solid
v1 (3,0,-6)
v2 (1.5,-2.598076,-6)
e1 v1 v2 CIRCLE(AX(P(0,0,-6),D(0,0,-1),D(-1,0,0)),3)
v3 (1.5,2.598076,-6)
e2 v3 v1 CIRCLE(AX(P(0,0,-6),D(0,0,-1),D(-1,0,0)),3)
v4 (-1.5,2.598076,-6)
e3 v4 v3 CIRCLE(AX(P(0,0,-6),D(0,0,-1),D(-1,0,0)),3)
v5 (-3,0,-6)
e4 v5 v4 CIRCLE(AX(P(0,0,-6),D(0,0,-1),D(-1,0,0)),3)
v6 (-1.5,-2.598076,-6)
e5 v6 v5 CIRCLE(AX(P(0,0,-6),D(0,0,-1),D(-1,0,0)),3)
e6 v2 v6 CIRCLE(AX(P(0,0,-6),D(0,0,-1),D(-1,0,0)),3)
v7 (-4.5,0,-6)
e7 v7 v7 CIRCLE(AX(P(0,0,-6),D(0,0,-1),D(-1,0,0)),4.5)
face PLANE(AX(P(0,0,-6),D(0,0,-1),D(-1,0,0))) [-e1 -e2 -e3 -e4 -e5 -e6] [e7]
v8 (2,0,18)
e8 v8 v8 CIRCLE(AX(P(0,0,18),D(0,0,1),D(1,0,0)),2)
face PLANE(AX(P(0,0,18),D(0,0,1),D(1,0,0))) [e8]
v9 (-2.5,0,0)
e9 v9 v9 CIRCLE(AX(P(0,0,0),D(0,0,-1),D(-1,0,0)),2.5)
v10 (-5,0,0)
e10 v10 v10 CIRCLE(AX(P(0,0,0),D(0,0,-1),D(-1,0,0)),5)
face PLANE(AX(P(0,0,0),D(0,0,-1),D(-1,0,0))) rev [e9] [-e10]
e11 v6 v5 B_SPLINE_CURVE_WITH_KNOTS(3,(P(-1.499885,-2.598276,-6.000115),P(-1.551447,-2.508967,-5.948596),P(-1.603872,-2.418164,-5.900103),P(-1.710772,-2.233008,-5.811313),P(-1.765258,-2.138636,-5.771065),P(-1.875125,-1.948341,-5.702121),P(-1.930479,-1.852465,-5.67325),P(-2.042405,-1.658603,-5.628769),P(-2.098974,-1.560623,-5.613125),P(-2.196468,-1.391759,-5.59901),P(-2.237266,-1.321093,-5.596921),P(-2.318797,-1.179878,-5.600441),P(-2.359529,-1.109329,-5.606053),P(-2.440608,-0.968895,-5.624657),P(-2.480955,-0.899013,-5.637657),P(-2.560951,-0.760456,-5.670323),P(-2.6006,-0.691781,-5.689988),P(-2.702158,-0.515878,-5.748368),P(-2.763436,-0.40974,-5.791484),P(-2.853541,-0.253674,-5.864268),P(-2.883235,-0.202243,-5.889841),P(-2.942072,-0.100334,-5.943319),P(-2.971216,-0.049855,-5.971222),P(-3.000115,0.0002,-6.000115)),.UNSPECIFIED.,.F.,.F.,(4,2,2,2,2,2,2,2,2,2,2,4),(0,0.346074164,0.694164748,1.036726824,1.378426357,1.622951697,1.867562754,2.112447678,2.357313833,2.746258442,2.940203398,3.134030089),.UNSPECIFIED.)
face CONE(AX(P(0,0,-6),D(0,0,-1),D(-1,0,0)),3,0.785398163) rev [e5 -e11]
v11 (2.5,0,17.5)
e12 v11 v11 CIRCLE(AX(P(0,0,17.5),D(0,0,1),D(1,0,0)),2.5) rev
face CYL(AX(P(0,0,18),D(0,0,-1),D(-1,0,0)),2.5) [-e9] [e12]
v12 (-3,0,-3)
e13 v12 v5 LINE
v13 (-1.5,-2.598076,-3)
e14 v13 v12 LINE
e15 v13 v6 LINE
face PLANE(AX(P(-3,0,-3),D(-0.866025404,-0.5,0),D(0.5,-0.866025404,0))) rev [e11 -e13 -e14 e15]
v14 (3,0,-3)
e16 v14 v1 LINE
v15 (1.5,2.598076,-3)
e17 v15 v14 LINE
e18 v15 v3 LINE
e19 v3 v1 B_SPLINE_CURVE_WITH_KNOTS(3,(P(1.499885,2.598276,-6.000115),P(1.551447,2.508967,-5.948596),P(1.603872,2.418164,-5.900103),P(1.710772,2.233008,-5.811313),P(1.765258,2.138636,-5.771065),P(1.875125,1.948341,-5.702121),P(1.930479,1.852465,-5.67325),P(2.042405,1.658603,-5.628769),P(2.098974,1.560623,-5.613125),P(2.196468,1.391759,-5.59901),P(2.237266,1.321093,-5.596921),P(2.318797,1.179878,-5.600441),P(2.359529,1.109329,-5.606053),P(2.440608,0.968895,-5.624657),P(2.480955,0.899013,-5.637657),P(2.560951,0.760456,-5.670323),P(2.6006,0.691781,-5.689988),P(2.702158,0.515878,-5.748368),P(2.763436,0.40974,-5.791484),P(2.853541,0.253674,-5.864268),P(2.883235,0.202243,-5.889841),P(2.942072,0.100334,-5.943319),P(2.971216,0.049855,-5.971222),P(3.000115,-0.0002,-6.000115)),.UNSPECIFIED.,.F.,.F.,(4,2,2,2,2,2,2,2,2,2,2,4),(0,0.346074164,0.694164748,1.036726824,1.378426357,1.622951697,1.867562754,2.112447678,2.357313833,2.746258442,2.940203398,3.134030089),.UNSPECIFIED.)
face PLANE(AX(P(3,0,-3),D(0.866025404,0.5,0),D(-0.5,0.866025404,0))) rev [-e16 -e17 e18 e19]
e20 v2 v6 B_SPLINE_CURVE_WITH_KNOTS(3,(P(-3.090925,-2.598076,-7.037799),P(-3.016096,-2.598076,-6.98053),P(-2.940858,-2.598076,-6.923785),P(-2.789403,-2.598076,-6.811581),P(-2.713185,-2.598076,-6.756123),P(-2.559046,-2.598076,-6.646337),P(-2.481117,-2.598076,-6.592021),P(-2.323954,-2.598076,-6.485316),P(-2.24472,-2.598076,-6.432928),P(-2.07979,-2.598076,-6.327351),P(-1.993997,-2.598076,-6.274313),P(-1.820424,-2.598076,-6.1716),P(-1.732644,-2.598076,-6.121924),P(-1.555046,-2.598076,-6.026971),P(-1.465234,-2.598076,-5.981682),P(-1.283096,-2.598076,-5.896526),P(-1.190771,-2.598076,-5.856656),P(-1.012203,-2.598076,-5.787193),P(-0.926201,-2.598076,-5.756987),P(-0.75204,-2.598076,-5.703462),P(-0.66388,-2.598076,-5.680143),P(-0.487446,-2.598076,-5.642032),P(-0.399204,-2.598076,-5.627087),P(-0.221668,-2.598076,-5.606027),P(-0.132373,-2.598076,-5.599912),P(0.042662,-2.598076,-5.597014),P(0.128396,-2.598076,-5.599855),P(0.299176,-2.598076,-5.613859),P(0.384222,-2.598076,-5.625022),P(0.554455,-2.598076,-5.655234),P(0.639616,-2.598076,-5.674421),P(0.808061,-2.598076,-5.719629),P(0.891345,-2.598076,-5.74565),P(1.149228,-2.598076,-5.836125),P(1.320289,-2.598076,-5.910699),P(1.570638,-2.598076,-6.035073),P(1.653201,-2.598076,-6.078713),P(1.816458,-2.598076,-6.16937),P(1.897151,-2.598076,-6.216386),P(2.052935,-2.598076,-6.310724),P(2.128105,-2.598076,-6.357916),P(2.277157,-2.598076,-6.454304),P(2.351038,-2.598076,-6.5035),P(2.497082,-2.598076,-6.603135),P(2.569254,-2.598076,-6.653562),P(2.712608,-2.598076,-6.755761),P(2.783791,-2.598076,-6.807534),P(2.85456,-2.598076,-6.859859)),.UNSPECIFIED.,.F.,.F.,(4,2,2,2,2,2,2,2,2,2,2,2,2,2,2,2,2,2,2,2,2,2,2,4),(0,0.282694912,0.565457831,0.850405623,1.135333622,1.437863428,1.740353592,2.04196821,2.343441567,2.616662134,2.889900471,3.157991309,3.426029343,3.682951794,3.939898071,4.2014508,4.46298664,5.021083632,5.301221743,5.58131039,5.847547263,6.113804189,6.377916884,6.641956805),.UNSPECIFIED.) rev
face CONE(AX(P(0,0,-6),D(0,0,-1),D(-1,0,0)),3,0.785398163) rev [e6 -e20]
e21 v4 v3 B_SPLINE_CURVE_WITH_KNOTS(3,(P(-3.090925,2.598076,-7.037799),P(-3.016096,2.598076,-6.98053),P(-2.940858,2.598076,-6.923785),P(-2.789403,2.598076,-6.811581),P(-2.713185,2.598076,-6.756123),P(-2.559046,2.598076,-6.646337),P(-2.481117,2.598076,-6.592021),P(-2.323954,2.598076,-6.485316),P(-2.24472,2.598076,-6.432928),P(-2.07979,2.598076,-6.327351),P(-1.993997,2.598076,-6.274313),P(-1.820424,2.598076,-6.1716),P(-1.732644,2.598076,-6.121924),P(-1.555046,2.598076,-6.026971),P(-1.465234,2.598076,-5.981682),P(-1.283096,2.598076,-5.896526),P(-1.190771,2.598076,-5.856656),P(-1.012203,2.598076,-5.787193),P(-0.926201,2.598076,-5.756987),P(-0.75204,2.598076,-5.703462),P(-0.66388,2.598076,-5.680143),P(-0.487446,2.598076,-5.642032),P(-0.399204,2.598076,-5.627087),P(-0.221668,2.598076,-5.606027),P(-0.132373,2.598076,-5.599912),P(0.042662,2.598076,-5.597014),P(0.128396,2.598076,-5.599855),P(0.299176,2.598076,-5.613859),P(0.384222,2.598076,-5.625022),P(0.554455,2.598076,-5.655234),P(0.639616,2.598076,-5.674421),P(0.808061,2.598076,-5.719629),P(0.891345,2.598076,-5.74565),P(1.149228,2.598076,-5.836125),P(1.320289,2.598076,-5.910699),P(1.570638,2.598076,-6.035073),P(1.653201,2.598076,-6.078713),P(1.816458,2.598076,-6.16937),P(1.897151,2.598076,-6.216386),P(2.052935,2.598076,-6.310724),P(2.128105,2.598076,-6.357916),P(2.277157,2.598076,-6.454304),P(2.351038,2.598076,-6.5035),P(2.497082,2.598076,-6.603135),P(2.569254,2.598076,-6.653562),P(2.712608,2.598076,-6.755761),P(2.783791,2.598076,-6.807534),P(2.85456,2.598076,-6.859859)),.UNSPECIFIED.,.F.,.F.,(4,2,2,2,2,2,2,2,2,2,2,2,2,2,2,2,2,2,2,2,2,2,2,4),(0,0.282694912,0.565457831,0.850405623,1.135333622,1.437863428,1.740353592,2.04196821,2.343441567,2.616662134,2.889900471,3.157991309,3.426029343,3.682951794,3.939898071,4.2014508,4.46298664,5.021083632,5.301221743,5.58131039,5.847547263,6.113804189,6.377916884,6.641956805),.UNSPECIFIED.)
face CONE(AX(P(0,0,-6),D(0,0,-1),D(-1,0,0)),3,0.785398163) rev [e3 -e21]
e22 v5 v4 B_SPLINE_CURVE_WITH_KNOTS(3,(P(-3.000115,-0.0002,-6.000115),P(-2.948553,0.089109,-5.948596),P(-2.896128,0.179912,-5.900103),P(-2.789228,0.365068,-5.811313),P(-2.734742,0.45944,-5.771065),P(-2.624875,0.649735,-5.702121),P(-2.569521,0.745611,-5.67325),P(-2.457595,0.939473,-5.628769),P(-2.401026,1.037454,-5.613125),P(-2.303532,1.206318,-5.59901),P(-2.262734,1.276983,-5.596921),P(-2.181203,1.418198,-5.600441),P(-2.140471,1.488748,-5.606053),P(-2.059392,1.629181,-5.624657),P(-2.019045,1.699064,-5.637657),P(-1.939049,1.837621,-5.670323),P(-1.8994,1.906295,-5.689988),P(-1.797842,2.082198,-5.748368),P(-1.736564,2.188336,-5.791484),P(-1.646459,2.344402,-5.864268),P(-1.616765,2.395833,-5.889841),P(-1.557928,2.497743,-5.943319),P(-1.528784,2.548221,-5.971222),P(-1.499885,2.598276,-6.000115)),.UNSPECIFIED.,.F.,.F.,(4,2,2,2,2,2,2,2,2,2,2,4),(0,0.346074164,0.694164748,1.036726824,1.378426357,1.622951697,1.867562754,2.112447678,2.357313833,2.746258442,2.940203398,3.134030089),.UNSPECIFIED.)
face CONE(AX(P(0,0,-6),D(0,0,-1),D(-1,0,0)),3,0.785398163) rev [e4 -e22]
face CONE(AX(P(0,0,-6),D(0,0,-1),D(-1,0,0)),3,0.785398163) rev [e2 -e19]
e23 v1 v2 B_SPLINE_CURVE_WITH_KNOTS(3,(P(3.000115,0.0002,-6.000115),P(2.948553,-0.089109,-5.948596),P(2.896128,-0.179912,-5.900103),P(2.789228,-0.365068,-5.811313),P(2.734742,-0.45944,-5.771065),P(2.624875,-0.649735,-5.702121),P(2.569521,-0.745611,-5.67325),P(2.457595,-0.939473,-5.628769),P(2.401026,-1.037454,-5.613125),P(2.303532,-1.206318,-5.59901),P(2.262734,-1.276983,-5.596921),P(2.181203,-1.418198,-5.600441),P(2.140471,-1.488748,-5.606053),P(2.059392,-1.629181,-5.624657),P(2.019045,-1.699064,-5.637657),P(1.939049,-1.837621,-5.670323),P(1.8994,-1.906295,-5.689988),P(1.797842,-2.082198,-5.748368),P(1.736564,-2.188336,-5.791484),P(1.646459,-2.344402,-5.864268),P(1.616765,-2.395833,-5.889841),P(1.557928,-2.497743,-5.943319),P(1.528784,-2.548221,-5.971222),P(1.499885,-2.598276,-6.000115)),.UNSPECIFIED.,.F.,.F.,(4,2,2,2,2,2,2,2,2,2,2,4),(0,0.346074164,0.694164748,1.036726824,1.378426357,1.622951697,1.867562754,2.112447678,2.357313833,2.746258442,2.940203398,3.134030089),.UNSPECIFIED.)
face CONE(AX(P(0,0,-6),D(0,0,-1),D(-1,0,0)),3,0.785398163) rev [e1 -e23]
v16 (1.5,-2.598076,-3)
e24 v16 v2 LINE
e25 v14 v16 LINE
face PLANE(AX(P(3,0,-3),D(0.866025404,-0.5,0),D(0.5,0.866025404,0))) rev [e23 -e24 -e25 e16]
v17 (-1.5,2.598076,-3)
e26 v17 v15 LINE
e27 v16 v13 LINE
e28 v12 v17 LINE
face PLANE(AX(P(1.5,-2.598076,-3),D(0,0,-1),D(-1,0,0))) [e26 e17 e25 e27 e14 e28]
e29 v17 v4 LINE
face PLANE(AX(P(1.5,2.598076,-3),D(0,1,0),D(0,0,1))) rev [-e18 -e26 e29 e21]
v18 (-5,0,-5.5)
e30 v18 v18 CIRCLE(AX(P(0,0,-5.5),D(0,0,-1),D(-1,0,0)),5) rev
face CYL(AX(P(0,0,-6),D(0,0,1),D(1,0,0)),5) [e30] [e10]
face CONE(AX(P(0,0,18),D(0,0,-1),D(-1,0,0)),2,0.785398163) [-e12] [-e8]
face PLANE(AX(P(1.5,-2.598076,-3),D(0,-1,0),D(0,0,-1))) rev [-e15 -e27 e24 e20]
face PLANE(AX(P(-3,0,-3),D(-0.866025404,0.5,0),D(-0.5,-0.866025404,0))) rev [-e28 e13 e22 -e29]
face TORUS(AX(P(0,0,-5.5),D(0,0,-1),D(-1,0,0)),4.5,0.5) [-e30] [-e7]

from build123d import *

# Parameters (mm, degrees)
ESQUISSE1_R             = 2.5
BASE_EXTRUSION_DEPTH    = 18
CHANFREIN1_SIZE         = 0.5
ESQUISSE2_R             = 5
BOSS_EXTRU_1_DEPTH      = 6
ENL_V_MAT_EXTRU_1_DEPTH = 3
ESQUISSE4_R             = 3
ENL_V_MAT_EXTRU_2_DEPTH = 0.5
ENL_V_MAT_EXTRU_2_DRAFT = -45
CONG_1_R                = 0.5


with BuildPart() as part:
    # Esquisse1 → Base-Extrusion (new body)
    with BuildSketch(Plane.XY):
        with Locations(Location((0, 0, 0), (0, 0, 180))):  # turned: the seam where the file's is
            Circle(ESQUISSE1_R)
    extrude(amount=BASE_EXTRUSION_DEPTH)

    # Chanfrein1
    chanfrein1_edges = [part.edges().sort_by_distance(p)[0] for p in [
        (2.5, 0, 18),
    ]]
    chamfer(chanfrein1_edges, length=CHANFREIN1_SIZE)

    # Esquisse2 → Boss.-Extru.1 (add)
    with BuildSketch(Plane(origin=(0, 0, 0), x_dir=(-1, 0, 0), z_dir=(0, 0, -1))):
        Circle(ESQUISSE2_R)
    extrude(amount=BOSS_EXTRU_1_DEPTH)

    # Esquisse3 → Enlèv. mat.-Extru.1 (cut)
    with BuildSketch(Plane(origin=(0, 0, -6), x_dir=(-1, 0, 0), z_dir=(0, 0, -1))):
        Polygon((-3, 0), (-1.5, 2.598076211), (1.5, 2.598076211), (3, 0), (1.5, -2.598076211), (-1.5, -2.598076211), align=None)
    extrude(amount=-ENL_V_MAT_EXTRU_1_DEPTH, mode=Mode.SUBTRACT)


with BuildPart() as enl_v_mat_extru_2_tool:
    # Esquisse4 → Enlèv. mat.-Extru.2 (with draft: the straight prism first)
    with BuildSketch(Plane(origin=(0, 0, -6), x_dir=(-1, 0, 0), z_dir=(0, 0, -1))):
        Circle(ESQUISSE4_R)
    extrude(amount=-ENL_V_MAT_EXTRU_2_DEPTH)
    # Enlèv. mat.-Extru.2: the draft: its side faces are tilted about the plane it starts from
    enl_v_mat_extru_2_sides = [enl_v_mat_extru_2_tool.faces().sort_by_distance(p)[0] for p in [
        (3, 0, -5.75),
    ]]
    draft(enl_v_mat_extru_2_sides, Plane(origin=(0, 0, -6), x_dir=(-1, 0, 0), z_dir=(0, 0, -1)), ENL_V_MAT_EXTRU_2_DRAFT)


with BuildPart() as part_1:
    add(part.part)

    # Enlèv. mat.-Extru.2: cut by enl_v_mat_extru_2_tool
    add(enl_v_mat_extru_2_tool.part, mode=Mode.SUBTRACT)

    # Congé1
    cong_1_edges = [part_1.edges().sort_by_distance(p)[0] for p in [
        (5, 0, -6),
    ]]
    fillet(cong_1_edges, radius=CONG_1_R)


solid = part_1.part
